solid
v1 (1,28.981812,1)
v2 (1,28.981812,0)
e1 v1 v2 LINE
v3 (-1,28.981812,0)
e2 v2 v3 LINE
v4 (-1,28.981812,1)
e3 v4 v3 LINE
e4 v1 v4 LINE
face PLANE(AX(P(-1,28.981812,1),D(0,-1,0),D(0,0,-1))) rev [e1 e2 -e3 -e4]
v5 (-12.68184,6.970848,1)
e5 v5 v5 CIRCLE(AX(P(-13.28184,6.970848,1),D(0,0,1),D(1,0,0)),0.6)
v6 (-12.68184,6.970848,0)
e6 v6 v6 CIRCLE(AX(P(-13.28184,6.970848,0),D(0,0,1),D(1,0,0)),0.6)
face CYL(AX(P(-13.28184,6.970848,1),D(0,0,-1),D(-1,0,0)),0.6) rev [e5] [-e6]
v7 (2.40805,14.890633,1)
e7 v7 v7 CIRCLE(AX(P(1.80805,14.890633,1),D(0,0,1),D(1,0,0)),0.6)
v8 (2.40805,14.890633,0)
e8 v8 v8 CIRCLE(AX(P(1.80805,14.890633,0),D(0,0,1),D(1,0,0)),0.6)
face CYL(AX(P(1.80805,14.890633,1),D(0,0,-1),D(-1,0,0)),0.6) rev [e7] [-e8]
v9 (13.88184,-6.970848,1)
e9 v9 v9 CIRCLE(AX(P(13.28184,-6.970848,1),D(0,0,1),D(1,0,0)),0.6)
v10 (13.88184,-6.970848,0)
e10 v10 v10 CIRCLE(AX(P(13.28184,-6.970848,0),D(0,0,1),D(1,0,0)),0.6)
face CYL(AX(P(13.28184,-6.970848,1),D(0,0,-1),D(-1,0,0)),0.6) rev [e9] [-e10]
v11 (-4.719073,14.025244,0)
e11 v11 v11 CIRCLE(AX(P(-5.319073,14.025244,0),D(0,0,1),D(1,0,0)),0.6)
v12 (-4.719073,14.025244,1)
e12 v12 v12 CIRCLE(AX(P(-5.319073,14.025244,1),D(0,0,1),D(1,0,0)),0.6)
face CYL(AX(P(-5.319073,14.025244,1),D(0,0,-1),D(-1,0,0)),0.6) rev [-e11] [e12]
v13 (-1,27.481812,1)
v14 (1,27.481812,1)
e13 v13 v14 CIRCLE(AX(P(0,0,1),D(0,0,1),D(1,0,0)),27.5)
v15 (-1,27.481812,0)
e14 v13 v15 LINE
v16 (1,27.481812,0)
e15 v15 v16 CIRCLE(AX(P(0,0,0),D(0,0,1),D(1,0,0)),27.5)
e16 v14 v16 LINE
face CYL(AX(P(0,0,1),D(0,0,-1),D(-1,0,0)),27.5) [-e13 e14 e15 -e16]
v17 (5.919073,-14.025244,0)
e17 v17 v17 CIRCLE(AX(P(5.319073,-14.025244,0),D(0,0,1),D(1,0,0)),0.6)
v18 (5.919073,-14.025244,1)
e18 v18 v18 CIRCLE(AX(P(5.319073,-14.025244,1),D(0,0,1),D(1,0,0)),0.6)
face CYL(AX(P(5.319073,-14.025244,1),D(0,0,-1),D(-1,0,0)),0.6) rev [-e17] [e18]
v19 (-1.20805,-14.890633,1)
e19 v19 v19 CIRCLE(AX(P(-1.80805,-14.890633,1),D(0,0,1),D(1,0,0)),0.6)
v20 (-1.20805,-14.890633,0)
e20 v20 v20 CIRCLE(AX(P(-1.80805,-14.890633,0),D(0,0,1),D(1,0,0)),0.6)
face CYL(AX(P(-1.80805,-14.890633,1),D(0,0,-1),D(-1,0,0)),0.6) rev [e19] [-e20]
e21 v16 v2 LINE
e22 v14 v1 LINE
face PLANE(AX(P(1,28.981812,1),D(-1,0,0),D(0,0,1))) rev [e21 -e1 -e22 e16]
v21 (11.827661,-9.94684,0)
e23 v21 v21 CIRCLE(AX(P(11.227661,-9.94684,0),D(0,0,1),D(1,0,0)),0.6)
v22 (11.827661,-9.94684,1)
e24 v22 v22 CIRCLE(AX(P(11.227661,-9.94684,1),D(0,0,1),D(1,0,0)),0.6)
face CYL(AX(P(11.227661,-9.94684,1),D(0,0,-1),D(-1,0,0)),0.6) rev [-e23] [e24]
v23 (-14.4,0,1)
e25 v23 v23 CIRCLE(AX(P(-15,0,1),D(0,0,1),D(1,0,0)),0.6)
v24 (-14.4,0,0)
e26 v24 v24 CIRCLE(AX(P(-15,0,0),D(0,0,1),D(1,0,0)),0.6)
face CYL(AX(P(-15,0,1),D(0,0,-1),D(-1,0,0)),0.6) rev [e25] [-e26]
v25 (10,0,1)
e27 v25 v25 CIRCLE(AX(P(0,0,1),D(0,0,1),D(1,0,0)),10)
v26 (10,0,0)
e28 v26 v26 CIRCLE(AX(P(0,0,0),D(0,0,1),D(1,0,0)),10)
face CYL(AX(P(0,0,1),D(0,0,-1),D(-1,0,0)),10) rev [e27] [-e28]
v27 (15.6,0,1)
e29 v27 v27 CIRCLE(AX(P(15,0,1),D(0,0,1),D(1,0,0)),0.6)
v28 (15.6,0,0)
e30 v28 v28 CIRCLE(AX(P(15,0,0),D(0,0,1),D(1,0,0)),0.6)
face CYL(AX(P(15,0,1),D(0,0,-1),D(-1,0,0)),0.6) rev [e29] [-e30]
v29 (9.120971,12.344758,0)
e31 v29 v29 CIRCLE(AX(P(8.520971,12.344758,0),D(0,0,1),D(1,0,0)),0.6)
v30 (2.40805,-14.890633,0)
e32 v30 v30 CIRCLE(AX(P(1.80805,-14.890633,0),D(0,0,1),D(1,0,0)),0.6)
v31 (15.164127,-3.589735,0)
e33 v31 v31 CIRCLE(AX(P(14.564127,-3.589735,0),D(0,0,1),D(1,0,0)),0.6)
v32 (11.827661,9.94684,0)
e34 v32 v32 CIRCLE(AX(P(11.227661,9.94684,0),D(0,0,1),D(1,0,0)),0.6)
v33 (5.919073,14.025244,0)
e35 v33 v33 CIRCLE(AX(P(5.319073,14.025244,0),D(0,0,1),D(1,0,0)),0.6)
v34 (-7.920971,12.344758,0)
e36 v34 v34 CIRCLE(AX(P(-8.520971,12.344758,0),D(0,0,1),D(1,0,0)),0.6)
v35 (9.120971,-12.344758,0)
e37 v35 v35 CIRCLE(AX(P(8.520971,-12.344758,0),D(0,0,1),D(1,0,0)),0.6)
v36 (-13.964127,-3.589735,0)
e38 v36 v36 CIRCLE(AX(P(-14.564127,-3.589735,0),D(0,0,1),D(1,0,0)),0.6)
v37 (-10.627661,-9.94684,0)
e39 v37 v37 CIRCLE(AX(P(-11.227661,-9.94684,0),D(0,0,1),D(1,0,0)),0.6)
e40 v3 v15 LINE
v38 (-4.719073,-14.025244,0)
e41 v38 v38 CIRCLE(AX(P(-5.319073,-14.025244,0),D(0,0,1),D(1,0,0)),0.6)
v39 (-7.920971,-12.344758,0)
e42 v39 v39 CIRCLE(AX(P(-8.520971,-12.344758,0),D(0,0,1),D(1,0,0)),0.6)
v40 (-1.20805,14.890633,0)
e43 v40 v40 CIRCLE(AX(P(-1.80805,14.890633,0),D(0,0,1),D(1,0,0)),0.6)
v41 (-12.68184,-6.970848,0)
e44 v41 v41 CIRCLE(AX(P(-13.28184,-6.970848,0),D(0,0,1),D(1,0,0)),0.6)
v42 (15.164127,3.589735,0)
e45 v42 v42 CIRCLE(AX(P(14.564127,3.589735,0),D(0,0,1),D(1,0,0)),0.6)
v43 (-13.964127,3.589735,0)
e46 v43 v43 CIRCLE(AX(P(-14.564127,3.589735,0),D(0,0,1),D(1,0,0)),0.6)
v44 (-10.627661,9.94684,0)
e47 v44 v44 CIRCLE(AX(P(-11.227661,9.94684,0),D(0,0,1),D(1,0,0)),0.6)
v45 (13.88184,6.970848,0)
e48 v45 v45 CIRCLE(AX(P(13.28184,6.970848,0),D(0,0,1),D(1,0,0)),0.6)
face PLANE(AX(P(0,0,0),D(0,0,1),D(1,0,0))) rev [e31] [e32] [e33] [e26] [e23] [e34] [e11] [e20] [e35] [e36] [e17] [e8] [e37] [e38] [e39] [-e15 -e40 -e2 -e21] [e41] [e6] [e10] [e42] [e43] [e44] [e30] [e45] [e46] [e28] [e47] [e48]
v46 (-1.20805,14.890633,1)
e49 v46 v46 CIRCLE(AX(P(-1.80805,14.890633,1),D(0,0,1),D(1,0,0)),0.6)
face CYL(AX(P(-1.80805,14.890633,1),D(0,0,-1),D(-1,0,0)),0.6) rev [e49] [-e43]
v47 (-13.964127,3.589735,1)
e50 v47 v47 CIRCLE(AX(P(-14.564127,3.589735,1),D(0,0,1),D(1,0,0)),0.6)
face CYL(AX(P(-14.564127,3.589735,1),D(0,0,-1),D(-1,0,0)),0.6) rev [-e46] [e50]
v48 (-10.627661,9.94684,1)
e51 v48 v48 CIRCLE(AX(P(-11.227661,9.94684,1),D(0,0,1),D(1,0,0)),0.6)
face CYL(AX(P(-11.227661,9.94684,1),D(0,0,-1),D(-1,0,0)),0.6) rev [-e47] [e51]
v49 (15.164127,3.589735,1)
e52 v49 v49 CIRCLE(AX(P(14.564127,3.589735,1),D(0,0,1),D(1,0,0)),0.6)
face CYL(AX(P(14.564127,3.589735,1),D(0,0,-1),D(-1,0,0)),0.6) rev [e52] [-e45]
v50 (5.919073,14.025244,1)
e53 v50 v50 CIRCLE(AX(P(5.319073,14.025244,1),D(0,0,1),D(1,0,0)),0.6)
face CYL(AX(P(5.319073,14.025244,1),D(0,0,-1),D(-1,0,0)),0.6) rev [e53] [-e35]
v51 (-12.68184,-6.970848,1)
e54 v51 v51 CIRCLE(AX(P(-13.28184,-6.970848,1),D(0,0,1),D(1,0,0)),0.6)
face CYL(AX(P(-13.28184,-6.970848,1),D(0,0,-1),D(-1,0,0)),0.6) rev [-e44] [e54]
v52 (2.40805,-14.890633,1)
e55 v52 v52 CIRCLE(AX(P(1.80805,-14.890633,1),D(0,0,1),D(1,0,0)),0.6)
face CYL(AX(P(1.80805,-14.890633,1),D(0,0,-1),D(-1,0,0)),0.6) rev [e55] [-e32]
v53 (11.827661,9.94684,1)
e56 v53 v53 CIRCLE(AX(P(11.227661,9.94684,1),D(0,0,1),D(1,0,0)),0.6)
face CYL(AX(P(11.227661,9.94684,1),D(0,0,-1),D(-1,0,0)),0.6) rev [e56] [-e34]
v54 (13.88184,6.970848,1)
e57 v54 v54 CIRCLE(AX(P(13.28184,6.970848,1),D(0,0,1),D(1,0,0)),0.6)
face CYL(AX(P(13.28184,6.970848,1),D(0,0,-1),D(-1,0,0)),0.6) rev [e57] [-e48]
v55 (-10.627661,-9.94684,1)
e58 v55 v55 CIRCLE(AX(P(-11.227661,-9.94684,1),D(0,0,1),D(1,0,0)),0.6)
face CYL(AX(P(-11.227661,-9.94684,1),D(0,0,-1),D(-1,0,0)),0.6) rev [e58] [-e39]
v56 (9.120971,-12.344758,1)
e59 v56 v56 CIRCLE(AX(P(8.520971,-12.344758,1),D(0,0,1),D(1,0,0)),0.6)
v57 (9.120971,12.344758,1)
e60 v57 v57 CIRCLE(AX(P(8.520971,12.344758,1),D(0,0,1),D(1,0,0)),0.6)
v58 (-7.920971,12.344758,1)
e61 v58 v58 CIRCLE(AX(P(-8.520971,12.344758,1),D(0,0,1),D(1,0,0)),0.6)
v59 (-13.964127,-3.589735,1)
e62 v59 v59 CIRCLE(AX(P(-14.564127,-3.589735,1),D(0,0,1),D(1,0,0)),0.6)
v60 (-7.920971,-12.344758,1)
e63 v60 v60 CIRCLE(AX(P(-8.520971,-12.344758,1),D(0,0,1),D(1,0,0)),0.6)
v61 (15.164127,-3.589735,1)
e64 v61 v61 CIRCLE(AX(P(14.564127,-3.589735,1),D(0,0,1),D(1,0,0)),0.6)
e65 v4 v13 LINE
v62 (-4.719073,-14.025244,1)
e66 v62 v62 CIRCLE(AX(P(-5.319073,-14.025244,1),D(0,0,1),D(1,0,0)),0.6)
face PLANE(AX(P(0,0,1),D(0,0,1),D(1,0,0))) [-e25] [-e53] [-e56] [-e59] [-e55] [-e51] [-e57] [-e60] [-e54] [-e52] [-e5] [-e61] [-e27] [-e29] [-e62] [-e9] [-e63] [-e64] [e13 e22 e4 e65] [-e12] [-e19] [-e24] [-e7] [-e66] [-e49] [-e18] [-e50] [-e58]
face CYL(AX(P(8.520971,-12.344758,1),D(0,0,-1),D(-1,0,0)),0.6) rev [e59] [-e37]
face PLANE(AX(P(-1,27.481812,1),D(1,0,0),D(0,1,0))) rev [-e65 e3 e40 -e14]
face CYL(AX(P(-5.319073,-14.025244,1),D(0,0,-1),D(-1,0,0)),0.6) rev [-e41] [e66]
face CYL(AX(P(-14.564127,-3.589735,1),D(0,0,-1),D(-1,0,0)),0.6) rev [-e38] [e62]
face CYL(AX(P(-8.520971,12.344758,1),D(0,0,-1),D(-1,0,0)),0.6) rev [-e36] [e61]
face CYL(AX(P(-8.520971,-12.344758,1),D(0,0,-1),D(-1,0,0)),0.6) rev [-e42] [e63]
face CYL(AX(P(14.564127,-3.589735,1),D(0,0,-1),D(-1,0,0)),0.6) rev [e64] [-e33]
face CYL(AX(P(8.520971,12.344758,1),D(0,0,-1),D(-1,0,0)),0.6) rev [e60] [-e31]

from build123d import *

# Parameters (mm, degrees)
PCB_DIMENSION_R     = 0.6
PCB_DIMENSION_R_2   = 10
BOSS_EXTRUDE1_DEPTH = 1


with BuildPart() as part:
    # PCB dimension → Boss-Extrude1 (new body)
    with BuildSketch(Plane.XY):
        with BuildLine():
            Line((-1, 27.481812167), (-1, 28.981812167))
            Line((-1, 28.981812167), (1, 28.981812167))
            Line((1, 28.981812167), (1, 27.481812167))
            ThreePointArc((1, 27.481812167), (0, -27.5), (-1, 27.481812167))
        make_face()
        with Locations((15, 0)):
            Circle(PCB_DIMENSION_R, mode=Mode.SUBTRACT)
        with Locations((14.564127261, -3.589734964)):
            Circle(PCB_DIMENSION_R, mode=Mode.SUBTRACT)
        with Locations((13.281840385, -6.970847581)):
            Circle(PCB_DIMENSION_R, mode=Mode.SUBTRACT)
        with Locations((11.227661223, -9.946839874)):
            Circle(PCB_DIMENSION_R, mode=Mode.SUBTRACT)
        with Locations((8.520971201, -12.344757988)):
            Circle(PCB_DIMENSION_R, mode=Mode.SUBTRACT)
        with Locations((5.319073306, -14.02524364)):
            Circle(PCB_DIMENSION_R, mode=Mode.SUBTRACT)
        with Locations((1.808050204, -14.890633111)):
            Circle(PCB_DIMENSION_R, mode=Mode.SUBTRACT)
        with Locations((-1.808050204, -14.890633111)):
            Circle(PCB_DIMENSION_R, mode=Mode.SUBTRACT)
        with Locations((-5.319073306, -14.02524364)):
            Circle(PCB_DIMENSION_R, mode=Mode.SUBTRACT)
        with Locations((-8.520971201, -12.344757988)):
            Circle(PCB_DIMENSION_R, mode=Mode.SUBTRACT)
        with Locations((-11.227661223, -9.946839874)):
            Circle(PCB_DIMENSION_R, mode=Mode.SUBTRACT)
        with Locations((-13.281840385, -6.970847581)):
            Circle(PCB_DIMENSION_R, mode=Mode.SUBTRACT)
        with Locations((-14.564127261, -3.589734964)):
            Circle(PCB_DIMENSION_R, mode=Mode.SUBTRACT)
        with Locations((-15, 0)):
            Circle(PCB_DIMENSION_R, mode=Mode.SUBTRACT)
        with Locations((-14.564127261, 3.589734964)):
            Circle(PCB_DIMENSION_R, mode=Mode.SUBTRACT)
        with Locations((-13.281840385, 6.970847581)):
            Circle(PCB_DIMENSION_R, mode=Mode.SUBTRACT)
        with Locations((-11.227661223, 9.946839874)):
            Circle(PCB_DIMENSION_R, mode=Mode.SUBTRACT)
        with Locations((-8.520971201, 12.344757988)):
            Circle(PCB_DIMENSION_R, mode=Mode.SUBTRACT)
        with Locations((-5.319073306, 14.02524364)):
            Circle(PCB_DIMENSION_R, mode=Mode.SUBTRACT)
        with Locations((-1.808050204, 14.890633111)):
            Circle(PCB_DIMENSION_R, mode=Mode.SUBTRACT)
        with Locations((1.808050204, 14.890633111)):
            Circle(PCB_DIMENSION_R, mode=Mode.SUBTRACT)
        with Locations((5.319073306, 14.02524364)):
            Circle(PCB_DIMENSION_R, mode=Mode.SUBTRACT)
        with Locations((8.520971201, 12.344757988)):
            Circle(PCB_DIMENSION_R, mode=Mode.SUBTRACT)
        with Locations((11.227661223, 9.946839874)):
            Circle(PCB_DIMENSION_R, mode=Mode.SUBTRACT)
        with Locations((13.281840385, 6.970847581)):
            Circle(PCB_DIMENSION_R, mode=Mode.SUBTRACT)
        with Locations((14.564127261, 3.589734964)):
            Circle(PCB_DIMENSION_R, mode=Mode.SUBTRACT)
        Circle(PCB_DIMENSION_R_2, mode=Mode.SUBTRACT)
    extrude(amount=BOSS_EXTRUDE1_DEPTH)


solid = part.part
